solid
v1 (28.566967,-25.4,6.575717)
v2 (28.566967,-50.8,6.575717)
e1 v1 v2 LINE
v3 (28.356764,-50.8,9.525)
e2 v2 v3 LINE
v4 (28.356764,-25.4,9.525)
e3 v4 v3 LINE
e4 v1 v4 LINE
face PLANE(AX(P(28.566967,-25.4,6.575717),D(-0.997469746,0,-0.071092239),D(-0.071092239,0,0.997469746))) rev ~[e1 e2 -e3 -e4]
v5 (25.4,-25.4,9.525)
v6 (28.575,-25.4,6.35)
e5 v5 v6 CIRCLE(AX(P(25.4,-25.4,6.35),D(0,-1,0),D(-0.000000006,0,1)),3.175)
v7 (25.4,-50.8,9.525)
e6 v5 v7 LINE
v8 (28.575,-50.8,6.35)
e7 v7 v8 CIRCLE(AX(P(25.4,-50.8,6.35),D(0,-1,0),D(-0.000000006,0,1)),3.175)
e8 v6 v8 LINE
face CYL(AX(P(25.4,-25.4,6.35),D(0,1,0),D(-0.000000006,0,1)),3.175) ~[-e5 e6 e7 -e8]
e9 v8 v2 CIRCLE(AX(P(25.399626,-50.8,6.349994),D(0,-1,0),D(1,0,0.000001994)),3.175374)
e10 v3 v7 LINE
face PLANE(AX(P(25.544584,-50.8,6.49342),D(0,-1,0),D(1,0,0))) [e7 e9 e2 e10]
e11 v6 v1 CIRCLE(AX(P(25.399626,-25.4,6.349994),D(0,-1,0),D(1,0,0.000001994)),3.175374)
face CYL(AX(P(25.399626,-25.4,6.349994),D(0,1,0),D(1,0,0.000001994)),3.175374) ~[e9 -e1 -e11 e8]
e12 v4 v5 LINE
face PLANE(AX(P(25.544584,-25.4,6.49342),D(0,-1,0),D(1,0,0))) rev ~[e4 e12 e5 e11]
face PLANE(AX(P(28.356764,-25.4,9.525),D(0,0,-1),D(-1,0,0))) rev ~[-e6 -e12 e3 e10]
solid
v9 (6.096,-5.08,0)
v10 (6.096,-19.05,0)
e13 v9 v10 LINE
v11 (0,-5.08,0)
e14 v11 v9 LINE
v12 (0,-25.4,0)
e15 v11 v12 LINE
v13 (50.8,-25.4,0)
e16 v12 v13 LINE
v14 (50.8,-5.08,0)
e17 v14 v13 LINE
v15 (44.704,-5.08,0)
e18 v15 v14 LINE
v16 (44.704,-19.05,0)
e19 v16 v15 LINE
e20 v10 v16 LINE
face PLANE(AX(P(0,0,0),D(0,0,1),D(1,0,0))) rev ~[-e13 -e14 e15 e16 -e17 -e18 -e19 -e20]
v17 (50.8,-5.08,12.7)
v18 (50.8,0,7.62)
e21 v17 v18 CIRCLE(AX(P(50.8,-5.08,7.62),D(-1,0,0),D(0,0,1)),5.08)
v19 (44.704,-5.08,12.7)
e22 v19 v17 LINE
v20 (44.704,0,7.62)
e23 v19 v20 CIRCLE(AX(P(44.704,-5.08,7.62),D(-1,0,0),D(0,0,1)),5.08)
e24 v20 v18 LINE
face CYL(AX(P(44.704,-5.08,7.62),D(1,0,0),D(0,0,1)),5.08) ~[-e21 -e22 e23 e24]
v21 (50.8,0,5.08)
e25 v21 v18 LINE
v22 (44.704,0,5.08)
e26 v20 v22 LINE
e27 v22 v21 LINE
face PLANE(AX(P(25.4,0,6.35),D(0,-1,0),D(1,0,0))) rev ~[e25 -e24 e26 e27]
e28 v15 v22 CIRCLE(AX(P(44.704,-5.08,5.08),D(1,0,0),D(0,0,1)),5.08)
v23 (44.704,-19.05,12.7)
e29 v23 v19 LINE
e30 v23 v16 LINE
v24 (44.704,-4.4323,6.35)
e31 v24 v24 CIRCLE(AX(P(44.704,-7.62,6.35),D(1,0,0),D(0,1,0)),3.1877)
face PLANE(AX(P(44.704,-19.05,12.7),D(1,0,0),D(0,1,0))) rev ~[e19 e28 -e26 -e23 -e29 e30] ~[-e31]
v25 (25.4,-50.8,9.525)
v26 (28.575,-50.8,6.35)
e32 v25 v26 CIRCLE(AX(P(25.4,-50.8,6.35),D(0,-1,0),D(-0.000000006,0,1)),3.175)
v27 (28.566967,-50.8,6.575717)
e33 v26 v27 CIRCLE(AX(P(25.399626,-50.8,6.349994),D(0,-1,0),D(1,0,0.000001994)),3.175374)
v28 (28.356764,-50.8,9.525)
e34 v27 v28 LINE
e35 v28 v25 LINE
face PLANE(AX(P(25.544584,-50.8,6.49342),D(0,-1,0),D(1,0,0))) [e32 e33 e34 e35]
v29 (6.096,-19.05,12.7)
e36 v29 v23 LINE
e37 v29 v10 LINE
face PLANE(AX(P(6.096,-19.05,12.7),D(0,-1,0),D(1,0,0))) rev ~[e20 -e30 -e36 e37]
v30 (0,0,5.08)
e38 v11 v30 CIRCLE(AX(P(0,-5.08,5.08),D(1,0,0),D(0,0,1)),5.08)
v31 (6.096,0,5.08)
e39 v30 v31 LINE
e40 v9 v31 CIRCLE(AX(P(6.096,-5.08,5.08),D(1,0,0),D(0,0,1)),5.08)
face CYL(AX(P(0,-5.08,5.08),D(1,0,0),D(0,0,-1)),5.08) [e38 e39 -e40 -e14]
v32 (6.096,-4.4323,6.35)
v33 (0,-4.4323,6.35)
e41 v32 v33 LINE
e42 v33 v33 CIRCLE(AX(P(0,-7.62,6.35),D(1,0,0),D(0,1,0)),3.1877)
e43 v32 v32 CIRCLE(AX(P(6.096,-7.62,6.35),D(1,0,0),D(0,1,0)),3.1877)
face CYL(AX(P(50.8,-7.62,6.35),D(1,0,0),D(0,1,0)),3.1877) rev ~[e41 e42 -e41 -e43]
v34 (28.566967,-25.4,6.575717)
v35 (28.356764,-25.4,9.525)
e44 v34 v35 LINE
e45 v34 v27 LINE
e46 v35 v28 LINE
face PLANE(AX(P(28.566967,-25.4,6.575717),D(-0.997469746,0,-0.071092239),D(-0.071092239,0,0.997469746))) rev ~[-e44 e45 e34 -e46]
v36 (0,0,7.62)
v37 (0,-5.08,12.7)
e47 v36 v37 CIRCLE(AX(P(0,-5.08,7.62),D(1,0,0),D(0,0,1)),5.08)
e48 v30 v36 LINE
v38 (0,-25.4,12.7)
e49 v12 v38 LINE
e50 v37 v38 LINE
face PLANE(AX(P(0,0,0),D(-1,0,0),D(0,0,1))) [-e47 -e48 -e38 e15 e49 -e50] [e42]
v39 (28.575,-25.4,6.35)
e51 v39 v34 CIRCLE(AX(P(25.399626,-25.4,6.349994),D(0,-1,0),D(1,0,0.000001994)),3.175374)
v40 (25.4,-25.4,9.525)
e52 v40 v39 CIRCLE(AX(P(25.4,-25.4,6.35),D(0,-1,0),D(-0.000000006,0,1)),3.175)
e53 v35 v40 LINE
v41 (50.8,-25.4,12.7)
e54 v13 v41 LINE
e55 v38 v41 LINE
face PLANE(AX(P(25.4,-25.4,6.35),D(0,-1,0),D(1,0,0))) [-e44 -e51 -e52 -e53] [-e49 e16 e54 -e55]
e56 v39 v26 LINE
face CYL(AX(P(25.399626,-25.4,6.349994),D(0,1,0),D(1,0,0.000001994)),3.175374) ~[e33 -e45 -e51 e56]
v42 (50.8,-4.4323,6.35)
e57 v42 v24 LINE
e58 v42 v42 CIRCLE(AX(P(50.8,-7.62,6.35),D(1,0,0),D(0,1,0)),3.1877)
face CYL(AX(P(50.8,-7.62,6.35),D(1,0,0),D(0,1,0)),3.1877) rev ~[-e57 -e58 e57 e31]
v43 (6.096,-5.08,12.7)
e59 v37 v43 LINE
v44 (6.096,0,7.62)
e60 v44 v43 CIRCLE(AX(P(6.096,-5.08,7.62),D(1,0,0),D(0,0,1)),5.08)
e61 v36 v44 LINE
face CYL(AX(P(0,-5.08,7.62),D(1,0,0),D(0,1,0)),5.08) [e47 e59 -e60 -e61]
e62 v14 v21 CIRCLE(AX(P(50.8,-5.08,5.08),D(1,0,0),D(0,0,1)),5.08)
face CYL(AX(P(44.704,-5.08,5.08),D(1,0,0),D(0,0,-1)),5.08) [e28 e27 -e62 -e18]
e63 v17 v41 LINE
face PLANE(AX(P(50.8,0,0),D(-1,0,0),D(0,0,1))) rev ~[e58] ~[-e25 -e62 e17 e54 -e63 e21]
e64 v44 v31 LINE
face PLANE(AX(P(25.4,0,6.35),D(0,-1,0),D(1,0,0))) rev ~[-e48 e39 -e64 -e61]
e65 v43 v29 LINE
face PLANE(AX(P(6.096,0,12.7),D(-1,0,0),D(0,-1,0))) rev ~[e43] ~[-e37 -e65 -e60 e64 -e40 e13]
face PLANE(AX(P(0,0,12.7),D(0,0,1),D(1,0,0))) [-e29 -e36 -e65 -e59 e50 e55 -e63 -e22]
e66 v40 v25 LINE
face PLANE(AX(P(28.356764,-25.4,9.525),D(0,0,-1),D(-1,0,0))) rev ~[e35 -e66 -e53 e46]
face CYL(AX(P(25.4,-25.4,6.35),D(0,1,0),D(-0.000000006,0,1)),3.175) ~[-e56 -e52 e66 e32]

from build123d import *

# Parameters (mm, degrees)
F0_W     = 50.8
F0_H     = 12.7
F1_DEPTH = 25.4
F3_DEPTH = 25.4
F5_DEPTH = 25.4
F6_DEPTH = 25.4
F7_R     = 3.1877
F8_DEPTH = 76.2
F9_R     = 5.08


with BuildPart() as f1:
    # F0 (on Front) → F1 (new body)
    with BuildSketch(Plane.XZ):
        with Locations((25.4, 6.35)):
            Rectangle(F0_W, F0_H)
    extrude(amount=F1_DEPTH)

    # F2 (on face) → F3 (cut)
    with BuildSketch(Plane.XY.offset(12.7)):
        Polygon((6.096, 0), (6.096, -19.05), (44.704, -19.05), (44.704, 0), (6.35, 0), align=None)
    extrude(amount=-F3_DEPTH, mode=Mode.SUBTRACT)

    # F4 (on face) → F5 (join)
    with BuildSketch(Plane.XZ.offset(25.4)):
        with BuildLine():
            ThreePointArc((28.566967, 6.575717), (27.56379, 8.673497), (25.4, 9.525))
            ThreePointArc((25.4, 9.525), (23.154936, 4.104936), (28.575, 6.35))
            ThreePointArc((28.575, 6.35), (28.572991, 6.46293), (28.566967, 6.575717))
        make_face()
        with BuildLine():
            Line((28.356764, 9.525), (25.4, 9.525))
            ThreePointArc((25.4, 9.525), (27.56379, 8.673497), (28.566967, 6.575717))
            Line((28.566967, 6.575717), (28.356764, 9.525))
        make_face()
    extrude(amount=F5_DEPTH)

    # F7 (on face) → F8 (cut)
    with BuildSketch(Plane.YZ.offset(50.8)):
        with Locations((-7.62, 6.35)):
            Circle(F7_R)
    extrude(amount=-F8_DEPTH, mode=Mode.SUBTRACT)

    # F9
    f9_edges = [f1.edges().sort_by_distance(p)[0] for p in [
        (47.752, 0, 12.7),
        (3.048, 0, 12.7),
        (3.048, 0, 0),
        (47.752, 0, 0),
    ]]
    fillet(f9_edges, radius=F9_R)


with BuildPart() as f6:
    # F4 (on face) → F6 (new body)
    with BuildSketch(Plane.XZ.offset(25.4)):
        with BuildLine():
            ThreePointArc((28.566967, 6.575717), (27.56379, 8.673497), (25.4, 9.525))
            ThreePointArc((25.4, 9.525), (23.154936, 4.104936), (28.575, 6.35))
            ThreePointArc((28.575, 6.35), (28.572991, 6.46293), (28.566967, 6.575717))
        make_face()
        with BuildLine():
            Line((28.356764, 9.525), (25.4, 9.525))
            ThreePointArc((25.4, 9.525), (27.56379, 8.673497), (28.566967, 6.575717))
            Line((28.566967, 6.575717), (28.356764, 9.525))
        make_face()
    extrude(amount=F6_DEPTH)


solid = Compound([f1.part, f6.part])
